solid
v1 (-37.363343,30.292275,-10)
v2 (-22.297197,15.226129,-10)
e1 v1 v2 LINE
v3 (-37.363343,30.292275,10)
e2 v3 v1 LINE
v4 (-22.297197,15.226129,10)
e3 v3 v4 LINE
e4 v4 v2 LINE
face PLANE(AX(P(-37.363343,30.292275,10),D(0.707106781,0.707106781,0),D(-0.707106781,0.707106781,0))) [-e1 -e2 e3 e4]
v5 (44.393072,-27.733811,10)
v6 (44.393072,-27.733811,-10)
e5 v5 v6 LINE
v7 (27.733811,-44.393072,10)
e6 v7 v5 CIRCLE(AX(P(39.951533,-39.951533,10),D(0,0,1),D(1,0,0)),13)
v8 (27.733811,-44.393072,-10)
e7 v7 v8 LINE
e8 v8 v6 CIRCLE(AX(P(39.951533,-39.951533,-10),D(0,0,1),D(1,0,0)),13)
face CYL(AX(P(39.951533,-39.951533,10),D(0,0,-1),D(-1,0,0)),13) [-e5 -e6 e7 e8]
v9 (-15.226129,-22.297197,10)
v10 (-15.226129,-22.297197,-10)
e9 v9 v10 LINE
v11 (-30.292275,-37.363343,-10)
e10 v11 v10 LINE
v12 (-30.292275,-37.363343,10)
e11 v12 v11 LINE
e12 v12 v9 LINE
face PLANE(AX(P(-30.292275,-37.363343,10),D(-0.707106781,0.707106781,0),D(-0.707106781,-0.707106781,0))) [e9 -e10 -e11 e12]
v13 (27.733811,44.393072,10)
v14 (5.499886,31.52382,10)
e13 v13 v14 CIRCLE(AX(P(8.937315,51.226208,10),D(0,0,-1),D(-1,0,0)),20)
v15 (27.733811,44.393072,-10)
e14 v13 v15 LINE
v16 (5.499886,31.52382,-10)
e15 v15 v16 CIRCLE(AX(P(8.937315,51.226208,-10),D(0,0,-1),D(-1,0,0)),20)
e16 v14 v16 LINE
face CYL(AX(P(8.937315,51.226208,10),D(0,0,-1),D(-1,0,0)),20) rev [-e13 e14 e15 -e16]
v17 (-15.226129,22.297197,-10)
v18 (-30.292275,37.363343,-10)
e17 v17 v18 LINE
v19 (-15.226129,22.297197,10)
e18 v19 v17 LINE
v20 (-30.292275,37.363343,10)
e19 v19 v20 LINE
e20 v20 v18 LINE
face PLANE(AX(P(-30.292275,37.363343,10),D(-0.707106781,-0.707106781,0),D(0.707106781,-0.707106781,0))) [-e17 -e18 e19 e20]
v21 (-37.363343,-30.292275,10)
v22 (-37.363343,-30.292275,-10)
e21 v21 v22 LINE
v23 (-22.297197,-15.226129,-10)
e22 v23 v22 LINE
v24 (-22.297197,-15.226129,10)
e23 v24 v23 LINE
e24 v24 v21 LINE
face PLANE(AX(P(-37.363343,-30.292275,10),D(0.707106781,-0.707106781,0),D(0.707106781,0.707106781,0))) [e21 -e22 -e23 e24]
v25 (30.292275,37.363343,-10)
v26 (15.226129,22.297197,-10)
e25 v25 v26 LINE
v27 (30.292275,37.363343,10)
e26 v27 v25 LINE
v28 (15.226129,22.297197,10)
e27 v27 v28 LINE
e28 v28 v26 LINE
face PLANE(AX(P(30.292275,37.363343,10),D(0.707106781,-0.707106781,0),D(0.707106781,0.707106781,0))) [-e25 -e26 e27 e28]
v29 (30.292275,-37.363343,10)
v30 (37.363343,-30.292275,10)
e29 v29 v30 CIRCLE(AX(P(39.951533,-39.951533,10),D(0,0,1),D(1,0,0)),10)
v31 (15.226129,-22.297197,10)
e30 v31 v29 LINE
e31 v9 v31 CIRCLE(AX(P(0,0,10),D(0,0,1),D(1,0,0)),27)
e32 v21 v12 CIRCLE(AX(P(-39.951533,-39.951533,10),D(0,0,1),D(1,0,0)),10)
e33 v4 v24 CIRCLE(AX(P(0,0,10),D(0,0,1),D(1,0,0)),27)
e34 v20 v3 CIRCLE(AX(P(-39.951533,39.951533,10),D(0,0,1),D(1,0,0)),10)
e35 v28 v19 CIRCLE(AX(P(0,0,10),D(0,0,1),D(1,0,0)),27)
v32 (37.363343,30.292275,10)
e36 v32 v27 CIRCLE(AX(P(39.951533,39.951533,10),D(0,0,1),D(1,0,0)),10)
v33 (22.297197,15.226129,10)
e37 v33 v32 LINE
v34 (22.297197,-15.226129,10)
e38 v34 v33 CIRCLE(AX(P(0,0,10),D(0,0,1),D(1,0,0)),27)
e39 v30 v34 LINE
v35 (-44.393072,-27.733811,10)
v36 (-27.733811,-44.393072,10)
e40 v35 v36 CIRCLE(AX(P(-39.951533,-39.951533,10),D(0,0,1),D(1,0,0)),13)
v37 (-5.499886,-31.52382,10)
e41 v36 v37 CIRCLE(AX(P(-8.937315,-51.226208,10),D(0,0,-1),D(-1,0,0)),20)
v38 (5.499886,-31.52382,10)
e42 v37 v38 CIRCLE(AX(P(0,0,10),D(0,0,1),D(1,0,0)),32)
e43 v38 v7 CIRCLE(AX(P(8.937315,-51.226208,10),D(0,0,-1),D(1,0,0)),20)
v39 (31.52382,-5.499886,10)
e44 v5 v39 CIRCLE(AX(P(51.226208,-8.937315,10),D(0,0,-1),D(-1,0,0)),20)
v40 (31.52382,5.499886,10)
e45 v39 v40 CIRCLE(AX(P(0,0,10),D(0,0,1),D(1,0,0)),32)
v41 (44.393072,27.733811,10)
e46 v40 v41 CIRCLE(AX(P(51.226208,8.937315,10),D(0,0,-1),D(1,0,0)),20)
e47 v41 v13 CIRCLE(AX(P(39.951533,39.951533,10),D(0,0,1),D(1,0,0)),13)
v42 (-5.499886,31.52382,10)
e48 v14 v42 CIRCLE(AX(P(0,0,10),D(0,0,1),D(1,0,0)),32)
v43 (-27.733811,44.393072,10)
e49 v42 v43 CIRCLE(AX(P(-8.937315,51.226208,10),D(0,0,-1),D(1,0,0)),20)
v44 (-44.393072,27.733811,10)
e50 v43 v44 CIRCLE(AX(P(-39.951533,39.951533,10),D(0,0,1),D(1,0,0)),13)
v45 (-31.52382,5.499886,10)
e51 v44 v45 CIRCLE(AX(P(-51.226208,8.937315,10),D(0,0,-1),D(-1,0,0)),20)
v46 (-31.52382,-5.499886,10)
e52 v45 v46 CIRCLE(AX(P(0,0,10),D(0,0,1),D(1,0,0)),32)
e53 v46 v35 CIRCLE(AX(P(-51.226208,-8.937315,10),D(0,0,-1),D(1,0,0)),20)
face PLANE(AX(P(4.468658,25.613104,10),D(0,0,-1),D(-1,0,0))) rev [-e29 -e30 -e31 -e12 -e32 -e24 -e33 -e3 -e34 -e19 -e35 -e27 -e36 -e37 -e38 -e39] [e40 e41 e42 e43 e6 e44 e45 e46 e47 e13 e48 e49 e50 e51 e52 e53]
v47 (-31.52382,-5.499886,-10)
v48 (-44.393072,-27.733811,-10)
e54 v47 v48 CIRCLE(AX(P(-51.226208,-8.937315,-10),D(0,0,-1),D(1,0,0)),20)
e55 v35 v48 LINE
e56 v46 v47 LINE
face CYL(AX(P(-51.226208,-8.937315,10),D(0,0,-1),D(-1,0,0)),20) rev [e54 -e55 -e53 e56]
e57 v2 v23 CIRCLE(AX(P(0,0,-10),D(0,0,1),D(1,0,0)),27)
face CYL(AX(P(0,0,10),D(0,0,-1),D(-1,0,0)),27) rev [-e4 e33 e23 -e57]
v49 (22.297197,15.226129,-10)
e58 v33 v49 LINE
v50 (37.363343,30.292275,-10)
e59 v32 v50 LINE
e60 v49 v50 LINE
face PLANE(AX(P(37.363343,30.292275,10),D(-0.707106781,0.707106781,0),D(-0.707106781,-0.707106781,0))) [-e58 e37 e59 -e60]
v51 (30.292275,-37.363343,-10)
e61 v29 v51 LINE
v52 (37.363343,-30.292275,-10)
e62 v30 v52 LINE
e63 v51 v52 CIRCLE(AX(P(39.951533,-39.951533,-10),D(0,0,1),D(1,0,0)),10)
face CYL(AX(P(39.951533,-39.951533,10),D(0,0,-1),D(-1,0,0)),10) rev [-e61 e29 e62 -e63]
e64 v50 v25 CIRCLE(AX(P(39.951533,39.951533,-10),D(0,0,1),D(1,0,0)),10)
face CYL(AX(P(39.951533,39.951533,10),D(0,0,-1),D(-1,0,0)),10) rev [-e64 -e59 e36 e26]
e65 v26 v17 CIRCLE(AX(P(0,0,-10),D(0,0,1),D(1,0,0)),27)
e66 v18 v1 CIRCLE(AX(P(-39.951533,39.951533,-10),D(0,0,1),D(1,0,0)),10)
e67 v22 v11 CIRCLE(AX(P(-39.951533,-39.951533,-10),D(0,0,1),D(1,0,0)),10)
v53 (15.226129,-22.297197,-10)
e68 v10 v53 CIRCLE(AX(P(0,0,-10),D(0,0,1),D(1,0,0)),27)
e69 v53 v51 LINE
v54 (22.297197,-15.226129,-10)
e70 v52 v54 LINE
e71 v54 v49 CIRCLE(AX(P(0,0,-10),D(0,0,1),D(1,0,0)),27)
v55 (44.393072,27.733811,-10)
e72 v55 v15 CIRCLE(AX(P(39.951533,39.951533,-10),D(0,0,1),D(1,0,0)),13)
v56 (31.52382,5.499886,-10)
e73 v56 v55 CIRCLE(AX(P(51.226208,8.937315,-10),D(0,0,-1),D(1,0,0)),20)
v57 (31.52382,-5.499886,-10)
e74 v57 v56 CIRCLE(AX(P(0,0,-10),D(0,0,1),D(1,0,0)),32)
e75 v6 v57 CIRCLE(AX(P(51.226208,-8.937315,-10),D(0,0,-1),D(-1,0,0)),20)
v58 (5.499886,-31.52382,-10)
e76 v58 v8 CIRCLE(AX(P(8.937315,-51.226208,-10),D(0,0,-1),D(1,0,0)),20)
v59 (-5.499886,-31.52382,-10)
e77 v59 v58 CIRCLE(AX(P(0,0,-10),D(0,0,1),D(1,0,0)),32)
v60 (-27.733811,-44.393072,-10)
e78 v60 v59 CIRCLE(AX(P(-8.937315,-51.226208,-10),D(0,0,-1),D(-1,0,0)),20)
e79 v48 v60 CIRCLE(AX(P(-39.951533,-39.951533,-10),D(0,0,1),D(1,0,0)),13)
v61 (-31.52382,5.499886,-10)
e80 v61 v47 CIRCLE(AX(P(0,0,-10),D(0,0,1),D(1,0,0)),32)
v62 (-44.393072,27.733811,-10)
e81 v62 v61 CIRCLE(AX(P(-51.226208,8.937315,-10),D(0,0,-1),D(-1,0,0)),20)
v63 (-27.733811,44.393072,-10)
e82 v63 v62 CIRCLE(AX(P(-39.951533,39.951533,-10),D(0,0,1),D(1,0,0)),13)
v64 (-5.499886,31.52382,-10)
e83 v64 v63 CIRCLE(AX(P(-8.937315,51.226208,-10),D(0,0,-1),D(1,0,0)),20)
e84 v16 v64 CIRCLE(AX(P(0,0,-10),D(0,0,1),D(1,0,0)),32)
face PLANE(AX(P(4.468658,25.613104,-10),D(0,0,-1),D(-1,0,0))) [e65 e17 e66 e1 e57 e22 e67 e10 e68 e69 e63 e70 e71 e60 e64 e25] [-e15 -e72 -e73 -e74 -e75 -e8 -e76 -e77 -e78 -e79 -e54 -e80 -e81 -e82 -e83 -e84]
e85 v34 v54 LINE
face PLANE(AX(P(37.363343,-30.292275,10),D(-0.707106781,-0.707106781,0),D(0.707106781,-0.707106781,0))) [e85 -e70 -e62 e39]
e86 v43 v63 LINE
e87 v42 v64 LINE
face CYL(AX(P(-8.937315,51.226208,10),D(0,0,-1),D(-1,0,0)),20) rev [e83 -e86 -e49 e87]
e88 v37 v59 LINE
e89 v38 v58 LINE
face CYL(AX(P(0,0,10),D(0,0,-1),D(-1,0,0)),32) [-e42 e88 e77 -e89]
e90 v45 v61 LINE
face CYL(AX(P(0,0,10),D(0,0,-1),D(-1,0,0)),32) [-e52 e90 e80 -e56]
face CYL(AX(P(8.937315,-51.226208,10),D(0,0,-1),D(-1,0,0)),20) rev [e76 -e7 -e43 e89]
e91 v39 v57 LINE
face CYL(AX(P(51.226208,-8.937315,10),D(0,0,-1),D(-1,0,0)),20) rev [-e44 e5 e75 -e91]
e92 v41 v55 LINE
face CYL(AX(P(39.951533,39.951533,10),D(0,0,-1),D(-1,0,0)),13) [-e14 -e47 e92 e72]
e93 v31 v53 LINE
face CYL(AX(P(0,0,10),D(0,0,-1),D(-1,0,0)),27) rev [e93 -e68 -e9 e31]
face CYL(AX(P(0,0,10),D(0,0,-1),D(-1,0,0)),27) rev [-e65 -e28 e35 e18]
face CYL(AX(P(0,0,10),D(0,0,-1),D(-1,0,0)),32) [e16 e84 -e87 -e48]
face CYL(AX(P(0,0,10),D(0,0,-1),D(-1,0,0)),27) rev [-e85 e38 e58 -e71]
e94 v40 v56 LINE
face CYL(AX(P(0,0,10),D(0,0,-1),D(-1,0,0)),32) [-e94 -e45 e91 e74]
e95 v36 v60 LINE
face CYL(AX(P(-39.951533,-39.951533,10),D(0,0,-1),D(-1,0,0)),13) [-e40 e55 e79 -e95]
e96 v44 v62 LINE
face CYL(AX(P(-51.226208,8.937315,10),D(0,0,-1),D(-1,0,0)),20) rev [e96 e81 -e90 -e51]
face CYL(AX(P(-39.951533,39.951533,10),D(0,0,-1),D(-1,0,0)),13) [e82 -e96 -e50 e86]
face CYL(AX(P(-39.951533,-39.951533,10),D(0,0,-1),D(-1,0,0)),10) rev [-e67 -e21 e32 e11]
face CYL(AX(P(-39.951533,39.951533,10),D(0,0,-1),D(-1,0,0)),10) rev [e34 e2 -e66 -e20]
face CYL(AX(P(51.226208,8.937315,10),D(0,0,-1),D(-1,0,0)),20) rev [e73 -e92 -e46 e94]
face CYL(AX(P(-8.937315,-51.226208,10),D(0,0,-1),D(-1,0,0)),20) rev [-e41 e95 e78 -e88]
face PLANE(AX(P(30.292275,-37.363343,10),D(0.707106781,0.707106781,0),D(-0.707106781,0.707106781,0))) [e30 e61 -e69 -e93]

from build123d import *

# Parameters (mm, degrees)
BOSS_EXTRUDE1_DEPTH = 10


with BuildPart() as part:
    # Sketch1 → Boss-Extrude1 (new, symmetric)
    with BuildSketch(Plane.XY):
        with BuildLine():
            ThreePointArc((5.499886369, 31.523820357), (0, 32), (-5.499886369, 31.523820357))
            ThreePointArc((-5.499886369, 31.523820357), (-18.956279365, 33.916662735), (-27.733810979, 44.393071751))
            ThreePointArc((-27.733810979, 44.393071751), (-49.143921292, 49.143921292), (-44.393071751, 27.733810979))
            ThreePointArc((-44.393071751, 27.733810979), (-33.916662735, 18.956279365), (-31.523820357, 5.499886369))
            ThreePointArc((-31.523820357, 5.499886369), (-32, 0), (-31.523820357, -5.499886369))
            ThreePointArc((-31.523820357, -5.499886369), (-33.916662735, -18.956279365), (-44.393071751, -27.733810979))
            ThreePointArc((-44.393071751, -27.733810979), (-49.143921292, -49.143921292), (-27.733810979, -44.393071751))
            ThreePointArc((-27.733810979, -44.393071751), (-18.956279365, -33.916662735), (-5.499886369, -31.523820357))
            ThreePointArc((-5.499886369, -31.523820357), (0, -32), (5.499886369, -31.523820357))
            ThreePointArc((5.499886369, -31.523820357), (18.956279365, -33.916662735), (27.733810979, -44.393071751))
            ThreePointArc((27.733810979, -44.393071751), (49.143921292, -49.143921292), (44.393071751, -27.733810979))
            ThreePointArc((44.393071751, -27.733810979), (33.916662735, -18.956279365), (31.523820357, -5.499886369))
            ThreePointArc((31.523820357, -5.499886369), (32, 0), (31.523820357, 5.499886369))
            ThreePointArc((31.523820357, 5.499886369), (33.916662735, 18.956279365), (44.393071751, 27.733810979))
            ThreePointArc((44.393071751, 27.733810979), (49.143921292, 49.143921292), (27.733810979, 44.393071751))
            ThreePointArc((27.733810979, 44.393071751), (18.956279365, 33.916662735), (5.499886369, 31.523820357))
        make_face()
        with BuildLine():
            Line((37.363342686, 30.292274874), (22.297196945, 15.226129133))
            ThreePointArc((22.297196945, 15.226129133), (27, 0), (22.297196945, -15.226129133))
            Line((22.297196945, -15.226129133), (37.363342686, -30.292274874))
            ThreePointArc((37.363342686, -30.292274874), (47.022600949, -47.022600949), (30.292274874, -37.363342686))
            Line((30.292274874, -37.363342686), (15.226129133, -22.297196945))
            ThreePointArc((15.226129133, -22.297196945), (0, -27), (-15.226129133, -22.297196945))
            Line((-15.226129133, -22.297196945), (-30.292274874, -37.363342686))
            ThreePointArc((-30.292274874, -37.363342686), (-47.022600949, -47.022600949), (-37.363342686, -30.292274874))
            Line((-37.363342686, -30.292274874), (-22.297196945, -15.226129133))
            ThreePointArc((-22.297196945, -15.226129133), (-27, 0), (-22.297196945, 15.226129133))
            Line((-22.297196945, 15.226129133), (-37.363342686, 30.292274874))
            ThreePointArc((-37.363342686, 30.292274874), (-47.022600949, 47.022600949), (-30.292274874, 37.363342686))
            Line((-30.292274874, 37.363342686), (-15.226129133, 22.297196945))
            ThreePointArc((-15.226129133, 22.297196945), (0, 27), (15.226129133, 22.297196945))
            Line((15.226129133, 22.297196945), (30.292274874, 37.363342686))
            ThreePointArc((30.292274874, 37.363342686), (47.022600949, 47.022600949), (37.363342686, 30.292274874))
        make_face(mode=Mode.SUBTRACT)
    extrude(amount=BOSS_EXTRUDE1_DEPTH, both=True)


solid = part.part
